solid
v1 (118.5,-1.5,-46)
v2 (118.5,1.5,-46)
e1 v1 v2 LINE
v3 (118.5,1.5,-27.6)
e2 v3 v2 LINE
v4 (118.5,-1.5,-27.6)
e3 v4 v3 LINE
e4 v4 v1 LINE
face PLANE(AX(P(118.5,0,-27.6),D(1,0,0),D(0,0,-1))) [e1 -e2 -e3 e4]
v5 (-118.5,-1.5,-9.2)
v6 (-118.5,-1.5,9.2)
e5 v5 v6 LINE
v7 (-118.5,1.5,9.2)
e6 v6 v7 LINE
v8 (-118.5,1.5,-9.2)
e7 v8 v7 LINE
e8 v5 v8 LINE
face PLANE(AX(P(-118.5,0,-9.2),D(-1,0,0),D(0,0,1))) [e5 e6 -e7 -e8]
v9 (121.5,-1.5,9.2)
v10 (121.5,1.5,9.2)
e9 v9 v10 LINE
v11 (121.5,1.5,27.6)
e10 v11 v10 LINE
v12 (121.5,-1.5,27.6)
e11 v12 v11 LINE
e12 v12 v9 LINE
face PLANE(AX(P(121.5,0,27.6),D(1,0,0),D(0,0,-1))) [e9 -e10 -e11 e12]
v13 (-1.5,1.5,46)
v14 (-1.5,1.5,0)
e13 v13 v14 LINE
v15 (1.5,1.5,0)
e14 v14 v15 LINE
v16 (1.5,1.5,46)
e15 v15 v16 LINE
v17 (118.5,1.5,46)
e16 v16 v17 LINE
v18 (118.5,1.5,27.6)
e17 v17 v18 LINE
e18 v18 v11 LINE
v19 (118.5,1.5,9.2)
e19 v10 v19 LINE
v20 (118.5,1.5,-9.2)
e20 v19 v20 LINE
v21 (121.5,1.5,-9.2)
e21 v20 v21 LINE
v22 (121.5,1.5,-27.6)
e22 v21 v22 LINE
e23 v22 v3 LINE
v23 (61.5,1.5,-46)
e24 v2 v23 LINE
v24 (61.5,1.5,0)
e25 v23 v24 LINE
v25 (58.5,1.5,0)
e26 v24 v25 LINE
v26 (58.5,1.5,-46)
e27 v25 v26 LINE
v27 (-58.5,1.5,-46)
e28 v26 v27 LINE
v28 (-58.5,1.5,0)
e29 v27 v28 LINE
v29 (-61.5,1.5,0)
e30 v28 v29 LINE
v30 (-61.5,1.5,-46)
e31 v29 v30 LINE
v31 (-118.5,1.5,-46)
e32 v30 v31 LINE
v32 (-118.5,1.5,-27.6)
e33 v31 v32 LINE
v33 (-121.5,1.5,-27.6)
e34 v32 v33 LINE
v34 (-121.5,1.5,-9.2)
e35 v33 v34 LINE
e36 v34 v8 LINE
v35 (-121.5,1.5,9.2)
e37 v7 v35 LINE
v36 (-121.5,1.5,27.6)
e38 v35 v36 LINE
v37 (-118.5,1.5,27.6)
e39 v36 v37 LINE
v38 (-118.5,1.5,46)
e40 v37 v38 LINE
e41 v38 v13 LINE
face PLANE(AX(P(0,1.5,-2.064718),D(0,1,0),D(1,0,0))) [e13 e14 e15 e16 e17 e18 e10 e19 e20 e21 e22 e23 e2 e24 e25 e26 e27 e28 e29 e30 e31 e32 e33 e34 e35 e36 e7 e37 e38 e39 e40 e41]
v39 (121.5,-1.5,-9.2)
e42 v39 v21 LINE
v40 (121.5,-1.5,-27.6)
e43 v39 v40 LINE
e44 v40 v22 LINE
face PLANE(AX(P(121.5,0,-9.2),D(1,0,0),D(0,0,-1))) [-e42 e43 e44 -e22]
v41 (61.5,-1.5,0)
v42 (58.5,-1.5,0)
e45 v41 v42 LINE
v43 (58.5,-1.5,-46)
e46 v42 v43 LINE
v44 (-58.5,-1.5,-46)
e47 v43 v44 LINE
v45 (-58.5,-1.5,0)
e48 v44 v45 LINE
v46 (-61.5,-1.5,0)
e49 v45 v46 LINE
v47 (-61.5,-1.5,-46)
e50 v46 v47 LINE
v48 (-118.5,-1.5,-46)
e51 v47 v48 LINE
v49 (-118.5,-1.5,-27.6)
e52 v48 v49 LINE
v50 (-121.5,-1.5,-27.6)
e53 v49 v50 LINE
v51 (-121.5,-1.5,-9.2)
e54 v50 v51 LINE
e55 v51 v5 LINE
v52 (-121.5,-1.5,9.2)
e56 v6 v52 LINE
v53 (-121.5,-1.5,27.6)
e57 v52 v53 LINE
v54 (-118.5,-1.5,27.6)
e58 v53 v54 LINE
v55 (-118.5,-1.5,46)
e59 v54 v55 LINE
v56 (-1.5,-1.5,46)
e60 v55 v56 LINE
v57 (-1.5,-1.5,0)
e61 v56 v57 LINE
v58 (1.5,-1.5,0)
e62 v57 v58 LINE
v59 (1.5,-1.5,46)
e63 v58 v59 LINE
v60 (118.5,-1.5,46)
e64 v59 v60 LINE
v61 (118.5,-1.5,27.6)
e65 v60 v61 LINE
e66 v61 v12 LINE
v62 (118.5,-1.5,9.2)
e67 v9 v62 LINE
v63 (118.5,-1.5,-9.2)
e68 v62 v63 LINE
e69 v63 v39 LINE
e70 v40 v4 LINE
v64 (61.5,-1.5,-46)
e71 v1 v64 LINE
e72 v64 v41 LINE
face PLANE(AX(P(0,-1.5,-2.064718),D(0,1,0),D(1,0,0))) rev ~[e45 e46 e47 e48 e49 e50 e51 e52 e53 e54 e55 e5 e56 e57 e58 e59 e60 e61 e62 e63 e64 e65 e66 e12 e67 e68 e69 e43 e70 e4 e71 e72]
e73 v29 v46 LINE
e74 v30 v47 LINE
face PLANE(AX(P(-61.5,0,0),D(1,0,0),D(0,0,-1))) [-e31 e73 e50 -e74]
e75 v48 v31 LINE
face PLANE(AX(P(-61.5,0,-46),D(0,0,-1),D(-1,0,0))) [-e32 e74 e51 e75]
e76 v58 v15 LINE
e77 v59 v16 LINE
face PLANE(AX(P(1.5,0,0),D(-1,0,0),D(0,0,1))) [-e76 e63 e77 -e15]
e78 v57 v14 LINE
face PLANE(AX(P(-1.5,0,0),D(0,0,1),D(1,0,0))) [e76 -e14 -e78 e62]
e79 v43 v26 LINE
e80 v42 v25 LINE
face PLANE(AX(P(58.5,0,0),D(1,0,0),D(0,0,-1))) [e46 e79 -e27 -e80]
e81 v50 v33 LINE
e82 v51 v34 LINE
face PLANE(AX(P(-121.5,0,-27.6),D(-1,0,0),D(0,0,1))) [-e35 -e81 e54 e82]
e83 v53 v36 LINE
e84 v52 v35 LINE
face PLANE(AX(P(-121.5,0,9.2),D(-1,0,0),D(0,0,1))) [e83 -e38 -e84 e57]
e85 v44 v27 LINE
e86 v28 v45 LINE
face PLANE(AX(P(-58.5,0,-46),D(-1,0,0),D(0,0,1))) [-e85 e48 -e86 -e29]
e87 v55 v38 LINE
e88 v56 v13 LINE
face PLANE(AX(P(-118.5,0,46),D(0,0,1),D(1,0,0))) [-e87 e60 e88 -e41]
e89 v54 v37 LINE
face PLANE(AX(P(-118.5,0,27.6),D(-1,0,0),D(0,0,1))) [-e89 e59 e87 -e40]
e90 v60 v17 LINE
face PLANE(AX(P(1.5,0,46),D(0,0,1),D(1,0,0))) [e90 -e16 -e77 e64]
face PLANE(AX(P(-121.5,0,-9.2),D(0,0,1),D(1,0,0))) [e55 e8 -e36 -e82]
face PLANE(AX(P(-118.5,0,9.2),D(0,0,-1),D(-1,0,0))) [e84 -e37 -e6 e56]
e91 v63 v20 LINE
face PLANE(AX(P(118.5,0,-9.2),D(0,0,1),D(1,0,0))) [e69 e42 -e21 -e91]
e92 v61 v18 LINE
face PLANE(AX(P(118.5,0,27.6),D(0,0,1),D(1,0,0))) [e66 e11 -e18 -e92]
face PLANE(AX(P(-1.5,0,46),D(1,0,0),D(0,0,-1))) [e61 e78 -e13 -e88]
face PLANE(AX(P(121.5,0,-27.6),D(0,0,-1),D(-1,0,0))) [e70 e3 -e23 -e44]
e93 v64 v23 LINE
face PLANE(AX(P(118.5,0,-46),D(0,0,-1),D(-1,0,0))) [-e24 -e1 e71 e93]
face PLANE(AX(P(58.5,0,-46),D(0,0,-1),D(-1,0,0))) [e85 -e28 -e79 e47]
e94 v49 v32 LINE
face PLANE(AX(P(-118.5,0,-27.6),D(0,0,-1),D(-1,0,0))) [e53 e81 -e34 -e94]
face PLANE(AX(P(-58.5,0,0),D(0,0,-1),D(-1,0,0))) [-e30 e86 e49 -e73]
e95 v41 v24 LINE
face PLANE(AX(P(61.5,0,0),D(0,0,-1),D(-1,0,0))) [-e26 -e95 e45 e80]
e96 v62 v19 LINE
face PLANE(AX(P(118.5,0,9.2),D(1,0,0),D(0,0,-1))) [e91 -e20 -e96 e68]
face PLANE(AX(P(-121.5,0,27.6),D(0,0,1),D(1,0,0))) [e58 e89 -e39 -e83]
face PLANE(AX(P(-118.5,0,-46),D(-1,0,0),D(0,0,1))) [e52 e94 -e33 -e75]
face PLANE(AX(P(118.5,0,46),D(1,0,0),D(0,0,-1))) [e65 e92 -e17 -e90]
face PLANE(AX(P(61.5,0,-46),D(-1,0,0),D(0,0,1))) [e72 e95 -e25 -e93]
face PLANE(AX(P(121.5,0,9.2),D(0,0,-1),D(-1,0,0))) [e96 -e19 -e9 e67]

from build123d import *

# Parameters (mm, degrees)
ESTRUSIONE_ESTRUSIONE1_DEPTH = 1.5


with BuildPart() as part:
    # Schizzo4 → Estrusione-Estrusione1 (new body, symmetric)
    with BuildSketch(Plane(origin=(0, 0, 0), x_dir=(1, 0, 0), z_dir=(0, 1, 0))):
        Polygon((-61.5, 46), (-118.5, 46), (-118.5, 27.6), (-121.5, 27.6), (-121.5, 9.2), (-118.5, 9.2), (-118.5, -9.2), (-121.5, -9.2), (-121.5, -27.6), (-118.5, -27.6), (-118.5, -46), (-1.5, -46), (-1.5, 0), (1.5, 0), (1.5, -46), (118.5, -46), (118.5, -27.6), (121.5, -27.6), (121.5, -9.2), (118.5, -9.2), (118.5, 9.2), (121.5, 9.2), (121.5, 27.6), (118.5, 27.6), (118.5, 46), (61.5, 46), (61.5, 0), (58.5, 0), (58.5, 46), (-58.5, 46), (-58.5, 0), (-61.5, 0), align=None)
    extrude(amount=ESTRUSIONE_ESTRUSIONE1_DEPTH, both=True)


solid = part.part
